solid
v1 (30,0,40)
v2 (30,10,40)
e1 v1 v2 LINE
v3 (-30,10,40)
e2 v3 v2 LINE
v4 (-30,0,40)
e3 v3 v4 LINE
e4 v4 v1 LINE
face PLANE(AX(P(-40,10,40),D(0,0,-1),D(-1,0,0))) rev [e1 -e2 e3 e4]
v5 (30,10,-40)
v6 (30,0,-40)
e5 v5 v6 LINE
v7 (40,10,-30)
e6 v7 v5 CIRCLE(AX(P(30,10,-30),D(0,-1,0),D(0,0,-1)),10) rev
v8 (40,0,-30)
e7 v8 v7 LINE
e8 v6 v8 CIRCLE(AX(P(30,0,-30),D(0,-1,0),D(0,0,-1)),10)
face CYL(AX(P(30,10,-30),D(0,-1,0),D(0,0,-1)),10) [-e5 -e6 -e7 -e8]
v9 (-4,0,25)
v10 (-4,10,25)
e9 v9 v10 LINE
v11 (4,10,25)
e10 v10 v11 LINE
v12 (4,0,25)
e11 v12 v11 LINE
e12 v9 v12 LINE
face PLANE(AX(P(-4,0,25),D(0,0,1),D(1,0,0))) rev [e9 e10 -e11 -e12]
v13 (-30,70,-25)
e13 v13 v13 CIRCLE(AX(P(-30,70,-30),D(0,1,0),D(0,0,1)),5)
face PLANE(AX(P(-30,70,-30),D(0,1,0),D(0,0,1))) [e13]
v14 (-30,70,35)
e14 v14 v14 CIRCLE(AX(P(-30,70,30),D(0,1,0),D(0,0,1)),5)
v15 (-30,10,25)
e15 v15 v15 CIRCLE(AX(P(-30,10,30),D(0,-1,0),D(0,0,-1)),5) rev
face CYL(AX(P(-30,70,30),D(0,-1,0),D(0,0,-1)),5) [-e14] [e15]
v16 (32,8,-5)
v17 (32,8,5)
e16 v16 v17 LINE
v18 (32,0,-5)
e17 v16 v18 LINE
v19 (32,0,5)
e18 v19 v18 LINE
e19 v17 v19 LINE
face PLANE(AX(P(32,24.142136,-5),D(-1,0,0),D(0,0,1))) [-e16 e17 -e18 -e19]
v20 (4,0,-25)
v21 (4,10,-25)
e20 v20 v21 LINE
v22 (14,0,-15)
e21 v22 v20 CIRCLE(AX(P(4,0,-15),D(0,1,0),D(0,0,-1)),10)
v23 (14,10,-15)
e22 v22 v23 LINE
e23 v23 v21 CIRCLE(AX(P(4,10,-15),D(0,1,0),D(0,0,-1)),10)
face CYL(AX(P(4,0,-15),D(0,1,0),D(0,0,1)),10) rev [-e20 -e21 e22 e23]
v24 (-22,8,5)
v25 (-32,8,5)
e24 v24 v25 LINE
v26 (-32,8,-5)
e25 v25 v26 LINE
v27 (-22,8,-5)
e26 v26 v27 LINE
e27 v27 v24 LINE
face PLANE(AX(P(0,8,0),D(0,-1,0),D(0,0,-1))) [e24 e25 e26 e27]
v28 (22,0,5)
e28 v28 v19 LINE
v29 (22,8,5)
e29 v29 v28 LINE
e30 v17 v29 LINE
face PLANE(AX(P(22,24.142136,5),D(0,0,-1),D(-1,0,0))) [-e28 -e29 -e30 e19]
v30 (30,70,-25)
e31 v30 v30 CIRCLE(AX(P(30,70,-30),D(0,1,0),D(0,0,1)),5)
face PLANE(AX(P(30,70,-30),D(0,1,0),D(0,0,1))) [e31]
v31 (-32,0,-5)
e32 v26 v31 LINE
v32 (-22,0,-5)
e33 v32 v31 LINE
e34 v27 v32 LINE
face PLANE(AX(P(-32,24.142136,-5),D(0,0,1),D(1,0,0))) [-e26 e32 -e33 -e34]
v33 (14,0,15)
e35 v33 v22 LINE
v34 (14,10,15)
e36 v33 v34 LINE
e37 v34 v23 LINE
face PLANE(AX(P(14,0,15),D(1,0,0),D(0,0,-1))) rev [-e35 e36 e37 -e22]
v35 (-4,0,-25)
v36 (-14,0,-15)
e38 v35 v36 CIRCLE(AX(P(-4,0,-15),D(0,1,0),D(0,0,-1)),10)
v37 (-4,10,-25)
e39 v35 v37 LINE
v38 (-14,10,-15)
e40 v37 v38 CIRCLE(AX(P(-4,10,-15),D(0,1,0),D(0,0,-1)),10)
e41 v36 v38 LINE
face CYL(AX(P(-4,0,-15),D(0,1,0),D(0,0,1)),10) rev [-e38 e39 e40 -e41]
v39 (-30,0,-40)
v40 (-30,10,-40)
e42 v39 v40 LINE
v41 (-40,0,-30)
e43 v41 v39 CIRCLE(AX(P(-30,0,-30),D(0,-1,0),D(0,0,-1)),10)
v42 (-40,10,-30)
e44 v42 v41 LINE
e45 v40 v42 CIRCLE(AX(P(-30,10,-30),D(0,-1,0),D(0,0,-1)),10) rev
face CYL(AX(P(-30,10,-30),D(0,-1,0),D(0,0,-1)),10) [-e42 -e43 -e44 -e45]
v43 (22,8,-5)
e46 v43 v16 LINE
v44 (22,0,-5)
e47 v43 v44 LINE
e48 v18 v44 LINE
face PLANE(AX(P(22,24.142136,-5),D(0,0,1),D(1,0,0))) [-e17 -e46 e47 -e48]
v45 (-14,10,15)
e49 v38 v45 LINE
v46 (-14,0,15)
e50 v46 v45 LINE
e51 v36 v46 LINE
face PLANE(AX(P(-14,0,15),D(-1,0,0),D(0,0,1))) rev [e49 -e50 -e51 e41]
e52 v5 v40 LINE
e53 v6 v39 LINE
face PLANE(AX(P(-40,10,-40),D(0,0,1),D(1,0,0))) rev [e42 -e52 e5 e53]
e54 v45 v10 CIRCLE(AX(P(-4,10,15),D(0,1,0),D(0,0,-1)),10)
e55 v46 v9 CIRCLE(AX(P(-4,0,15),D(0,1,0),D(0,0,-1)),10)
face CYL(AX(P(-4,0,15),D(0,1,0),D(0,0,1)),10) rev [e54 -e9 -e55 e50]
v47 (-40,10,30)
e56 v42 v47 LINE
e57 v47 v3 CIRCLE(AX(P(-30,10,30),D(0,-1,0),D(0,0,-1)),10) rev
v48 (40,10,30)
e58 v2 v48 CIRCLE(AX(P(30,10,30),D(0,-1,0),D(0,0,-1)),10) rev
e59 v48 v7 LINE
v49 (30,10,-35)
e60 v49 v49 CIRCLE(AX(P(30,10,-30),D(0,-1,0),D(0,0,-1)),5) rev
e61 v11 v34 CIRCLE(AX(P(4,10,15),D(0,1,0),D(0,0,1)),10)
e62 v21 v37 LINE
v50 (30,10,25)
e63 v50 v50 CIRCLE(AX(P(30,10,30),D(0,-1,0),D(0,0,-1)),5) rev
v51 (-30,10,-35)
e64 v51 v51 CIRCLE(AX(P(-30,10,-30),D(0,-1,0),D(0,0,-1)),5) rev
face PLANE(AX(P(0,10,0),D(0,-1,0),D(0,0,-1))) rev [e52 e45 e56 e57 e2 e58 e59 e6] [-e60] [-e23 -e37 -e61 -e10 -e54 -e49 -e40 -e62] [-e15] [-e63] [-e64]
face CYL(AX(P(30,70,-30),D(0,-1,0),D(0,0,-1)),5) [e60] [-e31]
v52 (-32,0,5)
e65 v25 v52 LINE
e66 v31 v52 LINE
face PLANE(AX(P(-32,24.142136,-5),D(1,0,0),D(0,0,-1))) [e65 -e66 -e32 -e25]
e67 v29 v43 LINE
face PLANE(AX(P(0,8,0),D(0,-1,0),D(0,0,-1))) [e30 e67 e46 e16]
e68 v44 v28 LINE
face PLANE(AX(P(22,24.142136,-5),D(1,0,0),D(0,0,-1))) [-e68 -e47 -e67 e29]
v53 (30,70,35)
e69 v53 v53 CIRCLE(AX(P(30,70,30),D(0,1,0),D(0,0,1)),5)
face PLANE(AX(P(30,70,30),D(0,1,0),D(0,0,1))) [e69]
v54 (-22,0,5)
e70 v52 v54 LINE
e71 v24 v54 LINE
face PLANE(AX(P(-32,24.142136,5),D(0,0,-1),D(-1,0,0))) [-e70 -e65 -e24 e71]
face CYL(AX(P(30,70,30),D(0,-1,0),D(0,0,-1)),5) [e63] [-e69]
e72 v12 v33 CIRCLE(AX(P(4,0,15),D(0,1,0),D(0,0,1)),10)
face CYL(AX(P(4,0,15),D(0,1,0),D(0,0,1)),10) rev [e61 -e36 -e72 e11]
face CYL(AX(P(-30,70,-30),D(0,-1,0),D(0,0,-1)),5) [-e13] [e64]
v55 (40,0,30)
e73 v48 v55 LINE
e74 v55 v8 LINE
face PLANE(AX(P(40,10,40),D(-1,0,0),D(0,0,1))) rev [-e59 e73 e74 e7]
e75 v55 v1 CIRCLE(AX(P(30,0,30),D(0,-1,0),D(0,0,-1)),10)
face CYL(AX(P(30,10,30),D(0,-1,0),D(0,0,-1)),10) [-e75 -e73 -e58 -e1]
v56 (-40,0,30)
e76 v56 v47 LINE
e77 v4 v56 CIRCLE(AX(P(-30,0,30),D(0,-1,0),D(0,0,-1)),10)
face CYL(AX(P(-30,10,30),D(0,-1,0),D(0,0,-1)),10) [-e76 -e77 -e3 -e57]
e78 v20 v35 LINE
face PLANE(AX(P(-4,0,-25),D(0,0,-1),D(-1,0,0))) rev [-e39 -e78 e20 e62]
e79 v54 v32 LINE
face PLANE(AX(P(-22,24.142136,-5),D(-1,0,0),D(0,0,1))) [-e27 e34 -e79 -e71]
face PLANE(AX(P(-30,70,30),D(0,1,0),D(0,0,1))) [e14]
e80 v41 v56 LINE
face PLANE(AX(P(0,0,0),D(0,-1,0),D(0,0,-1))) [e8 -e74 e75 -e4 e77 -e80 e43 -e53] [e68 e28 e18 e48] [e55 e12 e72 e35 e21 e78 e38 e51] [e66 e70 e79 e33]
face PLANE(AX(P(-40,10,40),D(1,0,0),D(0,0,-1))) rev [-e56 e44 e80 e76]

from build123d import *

# Parameters (mm, degrees)
SKETCH_1_W          = 80
SKETCH_1_H          = 80
EXTRUDE_1_DEPTH     = 10
FILLET_1_R          = 10
SKETCH_2_W          = 10
SKETCH_2_H          = 10
CUT_EXTRUDE_1_DEPTH = 8
CUT_EXTRUDE_2_DEPTH = 58.445626465
SKETCH_4_R          = 5
EXTRUDE_2_DEPTH     = 60


with BuildPart() as part:
    # ｽｹｯﾁ1 → ﾎﾞｽ - 押し出し1 (new body)
    with BuildSketch(Plane(origin=(0, 0, 0), x_dir=(1, 0, 0), z_dir=(0, 1, 0))):
        Rectangle(SKETCH_1_W, SKETCH_1_H)
    extrude(amount=EXTRUDE_1_DEPTH)

    # ﾌｨﾚｯﾄ1
    fillet_1_edges = [part.edges().sort_by_distance(p)[0] for p in [
        (40, 5, 40),
        (-40, 5, 40),
        (-40, 5, -40),
        (40, 5, -40),
    ]]
    fillet(fillet_1_edges, radius=FILLET_1_R)

    # ｽｹｯﾁ2 → ｶｯﾄ - 押し出し1 (cut)
    with BuildSketch(Plane(origin=(0, 0, 0), x_dir=(1, 0, 0), z_dir=(0, 1, 0))):
        with Locations((-27, 0)):
            Rectangle(SKETCH_2_W, SKETCH_2_H)
        with Locations((27, 0)):
            Rectangle(SKETCH_2_W, SKETCH_2_H)
    extrude(amount=CUT_EXTRUDE_1_DEPTH, mode=Mode.SUBTRACT)

    # ｽｹｯﾁ3 → ｶｯﾄ - 押し出し2 (cut, through all)
    with BuildSketch(Plane(origin=(0, 10, 0), x_dir=(1, 0, 0), z_dir=(0, 1, 0))):
        with BuildLine():
            Line((-4, -25), (4, -25))
            ThreePointArc((4, -25), (11.071067812, -22.071067812), (14, -15))
            Line((14, -15), (14, 15))
            ThreePointArc((14, 15), (11.071067812, 22.071067812), (4, 25))
            Line((4, 25), (-4, 25))
            ThreePointArc((-4, 25), (-11.071067812, 22.071067812), (-14, 15))
            Line((-14, 15), (-14, -15))
            ThreePointArc((-14, -15), (-11.071067812, -22.071067812), (-4, -25))
        make_face()
    extrude(amount=-CUT_EXTRUDE_2_DEPTH, mode=Mode.SUBTRACT)

    # ｽｹｯﾁ4 → ﾎﾞｽ - 押し出し2 (add)
    with BuildSketch(Plane(origin=(0, 10, 0), x_dir=(1, 0, 0), z_dir=(0, 1, 0))):
        with Locations(Location((-30, 30, 0), (0, 0, 90))):
            Circle(SKETCH_4_R)
        with Locations(Location((30, 30, 0), (0, 0, 90))):
            Circle(SKETCH_4_R)
        with Locations(Location((-30, -30, 0), (0, 0, 90))):
            Circle(SKETCH_4_R)
        with Locations(Location((30, -30, 0), (0, 0, 90))):
            Circle(SKETCH_4_R)
    extrude(amount=EXTRUDE_2_DEPTH)


solid = part.part
